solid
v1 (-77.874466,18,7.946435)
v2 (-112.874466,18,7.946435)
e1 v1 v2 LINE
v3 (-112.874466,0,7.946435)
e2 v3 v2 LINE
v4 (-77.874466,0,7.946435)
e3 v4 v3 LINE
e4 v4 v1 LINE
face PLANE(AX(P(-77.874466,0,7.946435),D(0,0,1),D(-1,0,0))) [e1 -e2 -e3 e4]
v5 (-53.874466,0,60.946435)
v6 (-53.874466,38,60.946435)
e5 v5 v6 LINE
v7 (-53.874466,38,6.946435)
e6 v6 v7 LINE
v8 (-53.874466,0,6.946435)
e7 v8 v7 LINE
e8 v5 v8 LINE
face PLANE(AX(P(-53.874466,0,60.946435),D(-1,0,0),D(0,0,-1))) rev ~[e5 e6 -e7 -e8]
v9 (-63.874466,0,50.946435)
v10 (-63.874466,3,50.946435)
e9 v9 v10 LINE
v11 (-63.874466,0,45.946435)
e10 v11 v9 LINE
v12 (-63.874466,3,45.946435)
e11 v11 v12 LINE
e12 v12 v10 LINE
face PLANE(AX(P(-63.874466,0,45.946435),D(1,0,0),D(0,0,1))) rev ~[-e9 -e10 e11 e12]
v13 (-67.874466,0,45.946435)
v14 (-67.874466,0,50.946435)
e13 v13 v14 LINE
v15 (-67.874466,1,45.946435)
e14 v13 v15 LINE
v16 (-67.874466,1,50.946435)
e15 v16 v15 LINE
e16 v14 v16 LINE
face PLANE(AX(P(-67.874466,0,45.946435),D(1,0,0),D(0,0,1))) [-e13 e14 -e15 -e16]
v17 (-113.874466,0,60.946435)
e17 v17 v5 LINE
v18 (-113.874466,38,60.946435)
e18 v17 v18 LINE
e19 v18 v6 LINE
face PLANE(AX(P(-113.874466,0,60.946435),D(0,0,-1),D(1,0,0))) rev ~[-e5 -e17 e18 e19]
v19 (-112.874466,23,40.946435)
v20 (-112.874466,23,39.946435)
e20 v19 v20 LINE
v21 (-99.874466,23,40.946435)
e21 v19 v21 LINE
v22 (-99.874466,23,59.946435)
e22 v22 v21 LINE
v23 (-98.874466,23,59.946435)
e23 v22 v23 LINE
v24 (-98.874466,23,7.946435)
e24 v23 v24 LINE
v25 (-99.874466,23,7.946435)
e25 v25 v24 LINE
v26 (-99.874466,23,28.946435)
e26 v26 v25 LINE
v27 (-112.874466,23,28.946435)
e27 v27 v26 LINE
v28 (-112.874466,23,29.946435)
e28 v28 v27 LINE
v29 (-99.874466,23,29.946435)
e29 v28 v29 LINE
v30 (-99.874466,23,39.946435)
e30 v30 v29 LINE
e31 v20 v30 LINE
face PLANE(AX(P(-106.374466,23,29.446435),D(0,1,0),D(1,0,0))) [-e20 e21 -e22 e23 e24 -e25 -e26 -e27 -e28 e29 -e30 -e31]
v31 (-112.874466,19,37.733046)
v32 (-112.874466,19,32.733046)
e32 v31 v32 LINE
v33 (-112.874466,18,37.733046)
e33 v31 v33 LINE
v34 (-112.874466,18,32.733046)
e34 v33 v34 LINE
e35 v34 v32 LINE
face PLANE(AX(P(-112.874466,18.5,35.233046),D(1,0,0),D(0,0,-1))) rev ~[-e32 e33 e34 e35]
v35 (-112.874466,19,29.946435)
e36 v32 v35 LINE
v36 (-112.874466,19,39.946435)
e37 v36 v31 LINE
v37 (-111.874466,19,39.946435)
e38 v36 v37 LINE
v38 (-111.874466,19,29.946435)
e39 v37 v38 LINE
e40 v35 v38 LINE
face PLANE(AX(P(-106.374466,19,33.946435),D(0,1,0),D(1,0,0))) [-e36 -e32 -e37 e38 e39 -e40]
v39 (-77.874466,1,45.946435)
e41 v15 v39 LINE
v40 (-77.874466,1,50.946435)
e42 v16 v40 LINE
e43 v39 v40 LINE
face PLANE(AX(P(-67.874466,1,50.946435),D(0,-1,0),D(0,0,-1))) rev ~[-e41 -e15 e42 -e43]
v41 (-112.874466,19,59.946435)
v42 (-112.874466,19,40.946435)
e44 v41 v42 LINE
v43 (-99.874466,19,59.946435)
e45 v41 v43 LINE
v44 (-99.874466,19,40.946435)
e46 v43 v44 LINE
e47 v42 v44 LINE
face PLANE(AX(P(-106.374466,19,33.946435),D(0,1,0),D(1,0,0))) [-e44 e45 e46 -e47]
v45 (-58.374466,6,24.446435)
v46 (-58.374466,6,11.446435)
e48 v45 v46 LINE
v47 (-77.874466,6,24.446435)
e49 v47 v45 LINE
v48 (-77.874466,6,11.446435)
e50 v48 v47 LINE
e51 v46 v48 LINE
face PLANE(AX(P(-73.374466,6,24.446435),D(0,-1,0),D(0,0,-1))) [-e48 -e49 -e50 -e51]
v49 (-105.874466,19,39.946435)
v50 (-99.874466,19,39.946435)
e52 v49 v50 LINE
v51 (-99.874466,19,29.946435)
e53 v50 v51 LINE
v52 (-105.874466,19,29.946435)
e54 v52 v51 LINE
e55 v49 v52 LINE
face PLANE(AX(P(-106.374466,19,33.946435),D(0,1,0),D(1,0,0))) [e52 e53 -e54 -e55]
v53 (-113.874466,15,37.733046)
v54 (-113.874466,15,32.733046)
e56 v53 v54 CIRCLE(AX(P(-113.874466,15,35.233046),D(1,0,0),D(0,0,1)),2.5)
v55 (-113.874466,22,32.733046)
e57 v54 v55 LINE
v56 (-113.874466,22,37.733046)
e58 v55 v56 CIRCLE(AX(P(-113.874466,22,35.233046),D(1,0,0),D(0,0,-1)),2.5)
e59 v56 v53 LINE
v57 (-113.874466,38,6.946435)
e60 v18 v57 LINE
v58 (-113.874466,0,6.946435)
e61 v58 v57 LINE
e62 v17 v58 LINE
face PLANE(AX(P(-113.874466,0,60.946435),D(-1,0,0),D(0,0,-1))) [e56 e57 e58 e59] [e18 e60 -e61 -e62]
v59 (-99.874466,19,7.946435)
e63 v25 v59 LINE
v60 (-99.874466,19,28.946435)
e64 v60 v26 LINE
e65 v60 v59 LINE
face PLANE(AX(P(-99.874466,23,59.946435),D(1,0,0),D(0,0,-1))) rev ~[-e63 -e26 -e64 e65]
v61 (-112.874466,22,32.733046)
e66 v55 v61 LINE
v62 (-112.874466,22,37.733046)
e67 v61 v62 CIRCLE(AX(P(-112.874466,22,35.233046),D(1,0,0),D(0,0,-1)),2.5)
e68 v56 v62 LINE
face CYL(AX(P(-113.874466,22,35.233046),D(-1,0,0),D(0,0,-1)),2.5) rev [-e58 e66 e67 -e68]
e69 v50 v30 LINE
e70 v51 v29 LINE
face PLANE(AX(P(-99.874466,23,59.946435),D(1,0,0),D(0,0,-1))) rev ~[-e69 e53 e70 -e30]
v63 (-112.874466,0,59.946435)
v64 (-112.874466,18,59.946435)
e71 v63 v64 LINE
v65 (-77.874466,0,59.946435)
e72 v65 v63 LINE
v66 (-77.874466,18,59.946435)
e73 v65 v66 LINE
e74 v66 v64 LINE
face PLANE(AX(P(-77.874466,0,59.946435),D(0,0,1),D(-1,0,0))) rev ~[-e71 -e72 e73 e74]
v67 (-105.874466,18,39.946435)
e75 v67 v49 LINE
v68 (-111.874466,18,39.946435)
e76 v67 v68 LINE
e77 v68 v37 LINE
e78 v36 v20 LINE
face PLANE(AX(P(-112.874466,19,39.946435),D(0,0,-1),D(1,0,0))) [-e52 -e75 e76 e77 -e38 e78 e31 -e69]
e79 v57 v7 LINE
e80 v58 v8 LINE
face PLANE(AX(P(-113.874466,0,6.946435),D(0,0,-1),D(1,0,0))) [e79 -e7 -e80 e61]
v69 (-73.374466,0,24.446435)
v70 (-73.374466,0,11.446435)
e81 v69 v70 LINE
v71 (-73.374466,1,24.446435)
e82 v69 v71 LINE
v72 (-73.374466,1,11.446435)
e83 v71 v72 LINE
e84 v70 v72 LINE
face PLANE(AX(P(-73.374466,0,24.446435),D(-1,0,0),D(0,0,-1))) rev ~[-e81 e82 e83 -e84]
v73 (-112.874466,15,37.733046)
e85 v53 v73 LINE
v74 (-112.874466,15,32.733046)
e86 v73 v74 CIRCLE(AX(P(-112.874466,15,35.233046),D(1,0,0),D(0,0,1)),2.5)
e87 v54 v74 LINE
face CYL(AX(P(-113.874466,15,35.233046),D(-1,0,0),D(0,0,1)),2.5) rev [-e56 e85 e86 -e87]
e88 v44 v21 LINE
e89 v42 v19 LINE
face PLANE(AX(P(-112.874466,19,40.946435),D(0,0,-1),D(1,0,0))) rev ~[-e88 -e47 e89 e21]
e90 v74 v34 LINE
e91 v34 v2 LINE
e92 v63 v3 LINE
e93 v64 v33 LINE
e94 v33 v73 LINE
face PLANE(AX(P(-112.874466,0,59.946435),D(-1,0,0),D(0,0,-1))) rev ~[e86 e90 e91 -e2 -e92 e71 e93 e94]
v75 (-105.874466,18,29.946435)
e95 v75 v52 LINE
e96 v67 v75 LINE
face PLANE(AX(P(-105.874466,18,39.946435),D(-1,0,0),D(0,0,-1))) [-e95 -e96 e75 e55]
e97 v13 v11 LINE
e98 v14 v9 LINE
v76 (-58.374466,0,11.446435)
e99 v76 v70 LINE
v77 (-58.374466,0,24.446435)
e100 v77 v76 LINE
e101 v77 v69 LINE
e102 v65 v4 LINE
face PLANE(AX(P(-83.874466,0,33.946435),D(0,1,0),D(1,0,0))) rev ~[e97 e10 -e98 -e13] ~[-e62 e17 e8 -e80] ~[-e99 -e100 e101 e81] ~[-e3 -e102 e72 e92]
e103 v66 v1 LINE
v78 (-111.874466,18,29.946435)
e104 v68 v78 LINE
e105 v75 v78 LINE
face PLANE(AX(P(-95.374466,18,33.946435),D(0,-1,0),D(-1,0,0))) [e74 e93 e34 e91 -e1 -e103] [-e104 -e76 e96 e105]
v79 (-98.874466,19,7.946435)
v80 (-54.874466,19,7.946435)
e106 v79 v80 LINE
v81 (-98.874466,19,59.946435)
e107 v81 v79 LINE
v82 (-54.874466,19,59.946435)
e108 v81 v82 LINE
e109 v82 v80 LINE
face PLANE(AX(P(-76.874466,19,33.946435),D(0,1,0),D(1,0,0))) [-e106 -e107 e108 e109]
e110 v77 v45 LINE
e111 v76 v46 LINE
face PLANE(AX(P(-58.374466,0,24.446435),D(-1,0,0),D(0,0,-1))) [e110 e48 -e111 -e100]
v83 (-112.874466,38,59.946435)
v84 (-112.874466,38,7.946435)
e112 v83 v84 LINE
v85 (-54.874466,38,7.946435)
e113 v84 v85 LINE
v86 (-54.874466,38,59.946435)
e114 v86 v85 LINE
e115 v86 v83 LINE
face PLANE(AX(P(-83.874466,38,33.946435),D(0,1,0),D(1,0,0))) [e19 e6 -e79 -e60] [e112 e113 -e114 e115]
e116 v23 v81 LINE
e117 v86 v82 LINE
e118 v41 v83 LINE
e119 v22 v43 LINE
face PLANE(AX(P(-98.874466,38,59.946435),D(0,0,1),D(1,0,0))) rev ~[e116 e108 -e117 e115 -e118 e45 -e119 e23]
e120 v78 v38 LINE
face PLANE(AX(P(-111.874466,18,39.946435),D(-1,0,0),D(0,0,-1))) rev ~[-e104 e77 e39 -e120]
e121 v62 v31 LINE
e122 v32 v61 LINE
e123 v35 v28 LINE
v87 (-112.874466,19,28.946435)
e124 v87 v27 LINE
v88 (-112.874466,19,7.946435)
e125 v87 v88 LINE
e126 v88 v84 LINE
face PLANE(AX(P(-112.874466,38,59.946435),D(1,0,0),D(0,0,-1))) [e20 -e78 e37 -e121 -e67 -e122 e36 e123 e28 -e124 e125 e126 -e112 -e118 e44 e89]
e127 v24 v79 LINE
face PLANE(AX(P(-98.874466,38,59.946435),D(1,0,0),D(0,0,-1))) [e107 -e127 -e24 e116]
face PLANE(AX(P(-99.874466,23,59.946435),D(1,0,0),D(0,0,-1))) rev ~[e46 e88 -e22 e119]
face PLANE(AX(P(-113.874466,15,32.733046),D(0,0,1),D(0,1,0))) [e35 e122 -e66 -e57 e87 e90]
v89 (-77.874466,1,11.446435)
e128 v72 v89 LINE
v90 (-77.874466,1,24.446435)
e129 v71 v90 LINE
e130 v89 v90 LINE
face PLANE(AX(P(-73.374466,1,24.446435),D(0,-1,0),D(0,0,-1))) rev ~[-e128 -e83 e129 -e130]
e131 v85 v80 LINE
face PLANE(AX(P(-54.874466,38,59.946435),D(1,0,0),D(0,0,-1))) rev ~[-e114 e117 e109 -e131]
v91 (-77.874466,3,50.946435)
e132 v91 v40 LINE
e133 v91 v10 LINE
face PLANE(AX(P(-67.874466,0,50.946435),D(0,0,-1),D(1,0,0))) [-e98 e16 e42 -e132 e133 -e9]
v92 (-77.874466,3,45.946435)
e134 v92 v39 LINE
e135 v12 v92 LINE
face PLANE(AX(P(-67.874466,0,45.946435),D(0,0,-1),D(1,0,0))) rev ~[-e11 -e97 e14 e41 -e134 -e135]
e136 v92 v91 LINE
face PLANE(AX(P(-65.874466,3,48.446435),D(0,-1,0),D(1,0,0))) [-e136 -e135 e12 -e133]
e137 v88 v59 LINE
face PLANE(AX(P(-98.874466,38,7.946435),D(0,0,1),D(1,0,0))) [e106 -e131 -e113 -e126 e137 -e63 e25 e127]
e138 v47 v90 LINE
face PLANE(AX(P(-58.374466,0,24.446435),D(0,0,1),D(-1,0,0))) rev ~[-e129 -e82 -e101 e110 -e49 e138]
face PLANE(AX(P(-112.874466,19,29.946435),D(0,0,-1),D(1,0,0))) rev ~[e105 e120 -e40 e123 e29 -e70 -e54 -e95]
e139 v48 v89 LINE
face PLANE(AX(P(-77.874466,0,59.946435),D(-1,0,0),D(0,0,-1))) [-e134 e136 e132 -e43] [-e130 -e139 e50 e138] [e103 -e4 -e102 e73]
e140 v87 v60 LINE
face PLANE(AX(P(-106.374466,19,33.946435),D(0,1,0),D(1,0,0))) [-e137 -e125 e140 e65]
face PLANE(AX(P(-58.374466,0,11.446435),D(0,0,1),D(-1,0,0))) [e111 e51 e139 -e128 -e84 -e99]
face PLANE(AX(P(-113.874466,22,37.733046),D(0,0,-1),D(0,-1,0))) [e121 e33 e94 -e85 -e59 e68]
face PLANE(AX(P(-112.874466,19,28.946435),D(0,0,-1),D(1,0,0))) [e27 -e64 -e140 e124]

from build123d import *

# Parameters (mm, degrees)
SKETCH1_W           = 60
SKETCH1_H           = 54
BOSS_EXTRUDE1_DEPTH = 38
SKETCH2_W           = 44
SKETCH2_H           = 52
CUT_EXTRUDE1_DEPTH  = 19
SKETCH3_W           = 35
SKETCH3_H           = 52
CUT_EXTRUDE2_DEPTH  = 18
SKETCH4_W           = 6
SKETCH4_H           = 10
CUT_EXTRUDE3_DEPTH  = 38
SKETCH5_W           = 14
SKETCH5_H           = 52
CUT_EXTRUDE5_DEPTH  = 15
SKETCH6_W           = 13
SKETCH6_H           = 52
CUT_EXTRUDE6_DEPTH  = 4
SKETCH8_W           = 15
SKETCH8_H           = 13
CUT_EXTRUDE7_DEPTH  = 6
SKETCH10_W          = 13
SKETCH10_H          = 5
CUT_EXTRUDE8_DEPTH  = 6
SKETCH11_W          = 4
SKETCH11_H          = 5
CUT_EXTRUDE9_DEPTH  = 3
SKETCH12_W          = 5
SKETCH12_H          = 2
CUT_EXTRUDE10_DEPTH = 13
CUT_EXTRUDE11_DEPTH = 1
SKETCH14_W          = 13
SKETCH14_H          = 1
BOSS_EXTRUDE2_DEPTH = 4
SKETCH15_W          = 13
SKETCH15_H          = 1
BOSS_EXTRUDE3_DEPTH = 4


with BuildPart() as part:
    # Sketch1 → Boss-Extrude1 (new body)
    with BuildSketch(Plane(origin=(0, 0, 0), x_dir=(1, 0, 0), z_dir=(0, 1, 0))):
        with Locations((-83.874465942, -33.946435202)):
            Rectangle(SKETCH1_W, SKETCH1_H)
    extrude(amount=BOSS_EXTRUDE1_DEPTH)

    # Sketch2 → Cut-Extrude1 (cut)
    with BuildSketch(Plane(origin=(0, 38, 0), x_dir=(1, 0, 0), z_dir=(0, 1, 0))):
        with Locations((-76.874465942, -33.946435202)):
            Rectangle(SKETCH2_W, SKETCH2_H)
    extrude(amount=-CUT_EXTRUDE1_DEPTH, mode=Mode.SUBTRACT)

    # Sketch3 → Cut-Extrude2 (cut)
    with BuildSketch(Plane(origin=(0, 0, 0), x_dir=(-1, 0, 0), z_dir=(0, -1, 0))):
        with Locations((95.374465942, -33.946435202)):
            Rectangle(SKETCH3_W, SKETCH3_H)
    extrude(amount=-CUT_EXTRUDE2_DEPTH, mode=Mode.SUBTRACT)

    # Sketch4 → Cut-Extrude3 (cut)
    with BuildSketch(Plane(origin=(0, 18, 0), x_dir=(-1, 0, 0), z_dir=(0, -1, 0))):
        with Locations((108.874465942, -34.946435202)):
            Rectangle(SKETCH4_W, SKETCH4_H)
    extrude(amount=-CUT_EXTRUDE3_DEPTH, mode=Mode.SUBTRACT)

    # Sketch5 → Cut-Extrude5 (cut)
    with BuildSketch(Plane(origin=(0, 38, 0), x_dir=(1, 0, 0), z_dir=(0, 1, 0))):
        with Locations((-105.874465942, -33.946435202)):
            Rectangle(SKETCH5_W, SKETCH5_H)
    extrude(amount=-CUT_EXTRUDE5_DEPTH, mode=Mode.SUBTRACT)

    # Sketch6 → Cut-Extrude6 (cut)
    with BuildSketch(Plane(origin=(0, 23, 0), x_dir=(1, 0, 0), z_dir=(0, 1, 0))):
        with Locations((-106.374465942, -33.946435202)):
            Rectangle(SKETCH6_W, SKETCH6_H)
    extrude(amount=-CUT_EXTRUDE6_DEPTH, mode=Mode.SUBTRACT)

    # Sketch8 → Cut-Extrude7 (cut)
    with BuildSketch(Plane(origin=(0, 0, 0), x_dir=(-1, 0, 0), z_dir=(0, -1, 0))):
        with Locations((65.874465942, -17.946435202)):
            Rectangle(SKETCH8_W, SKETCH8_H)
    extrude(amount=-CUT_EXTRUDE7_DEPTH, mode=Mode.SUBTRACT)

    # Sketch10 → Cut-Extrude8 (cut)
    with BuildSketch(Plane(origin=(-73.374465942, 0, 0), x_dir=(0, 0, -1), z_dir=(1, 0, 0))):
        with Locations((-17.946435202, 3.5)):
            Rectangle(SKETCH10_W, SKETCH10_H)
    extrude(amount=-CUT_EXTRUDE8_DEPTH, mode=Mode.SUBTRACT)

    # Sketch11 → Cut-Extrude9 (cut)
    with BuildSketch(Plane.XZ):
        with Locations((-65.874465942, 48.446435202)):
            Rectangle(SKETCH11_W, SKETCH11_H)
    extrude(amount=-CUT_EXTRUDE9_DEPTH, mode=Mode.SUBTRACT)

    # Sketch12 → Cut-Extrude10 (cut)
    with BuildSketch(Plane(origin=(-67.874465942, 0, 0), x_dir=(0, 0, -1), z_dir=(1, 0, 0))):
        with Locations((-48.446435202, 2)):
            Rectangle(SKETCH12_W, SKETCH12_H)
    extrude(amount=-CUT_EXTRUDE10_DEPTH, mode=Mode.SUBTRACT)

    # Sketch13 → Cut-Extrude11 (cut)
    with BuildSketch(Plane.ZY.offset(113.874465942)):
        with BuildLine():
            Line((32.733045904, 15), (32.733045904, 22))
            ThreePointArc((32.733045904, 22), (35.233045904, 24.5), (37.733045904, 22))
            Line((37.733045904, 22), (37.733045904, 15))
            ThreePointArc((37.733045904, 15), (35.233045904, 12.5), (32.733045904, 15))
        make_face()
    extrude(amount=-CUT_EXTRUDE11_DEPTH, mode=Mode.SUBTRACT)

    # Sketch14 → Boss-Extrude2 (add)
    with BuildSketch(Plane(origin=(0, 19, 0), x_dir=(1, 0, 0), z_dir=(0, 1, 0))):
        with Locations((-106.374465942, -40.446435202)):
            Rectangle(SKETCH14_W, SKETCH14_H)
    extrude(amount=BOSS_EXTRUDE2_DEPTH)

    # Sketch15 → Boss-Extrude3 (add)
    with BuildSketch(Plane(origin=(0, 19, 0), x_dir=(1, 0, 0), z_dir=(0, 1, 0))):
        with Locations((-106.374465942, -29.446435202)):
            Rectangle(SKETCH15_W, SKETCH15_H)
    extrude(amount=BOSS_EXTRUDE3_DEPTH)


solid = part.part
